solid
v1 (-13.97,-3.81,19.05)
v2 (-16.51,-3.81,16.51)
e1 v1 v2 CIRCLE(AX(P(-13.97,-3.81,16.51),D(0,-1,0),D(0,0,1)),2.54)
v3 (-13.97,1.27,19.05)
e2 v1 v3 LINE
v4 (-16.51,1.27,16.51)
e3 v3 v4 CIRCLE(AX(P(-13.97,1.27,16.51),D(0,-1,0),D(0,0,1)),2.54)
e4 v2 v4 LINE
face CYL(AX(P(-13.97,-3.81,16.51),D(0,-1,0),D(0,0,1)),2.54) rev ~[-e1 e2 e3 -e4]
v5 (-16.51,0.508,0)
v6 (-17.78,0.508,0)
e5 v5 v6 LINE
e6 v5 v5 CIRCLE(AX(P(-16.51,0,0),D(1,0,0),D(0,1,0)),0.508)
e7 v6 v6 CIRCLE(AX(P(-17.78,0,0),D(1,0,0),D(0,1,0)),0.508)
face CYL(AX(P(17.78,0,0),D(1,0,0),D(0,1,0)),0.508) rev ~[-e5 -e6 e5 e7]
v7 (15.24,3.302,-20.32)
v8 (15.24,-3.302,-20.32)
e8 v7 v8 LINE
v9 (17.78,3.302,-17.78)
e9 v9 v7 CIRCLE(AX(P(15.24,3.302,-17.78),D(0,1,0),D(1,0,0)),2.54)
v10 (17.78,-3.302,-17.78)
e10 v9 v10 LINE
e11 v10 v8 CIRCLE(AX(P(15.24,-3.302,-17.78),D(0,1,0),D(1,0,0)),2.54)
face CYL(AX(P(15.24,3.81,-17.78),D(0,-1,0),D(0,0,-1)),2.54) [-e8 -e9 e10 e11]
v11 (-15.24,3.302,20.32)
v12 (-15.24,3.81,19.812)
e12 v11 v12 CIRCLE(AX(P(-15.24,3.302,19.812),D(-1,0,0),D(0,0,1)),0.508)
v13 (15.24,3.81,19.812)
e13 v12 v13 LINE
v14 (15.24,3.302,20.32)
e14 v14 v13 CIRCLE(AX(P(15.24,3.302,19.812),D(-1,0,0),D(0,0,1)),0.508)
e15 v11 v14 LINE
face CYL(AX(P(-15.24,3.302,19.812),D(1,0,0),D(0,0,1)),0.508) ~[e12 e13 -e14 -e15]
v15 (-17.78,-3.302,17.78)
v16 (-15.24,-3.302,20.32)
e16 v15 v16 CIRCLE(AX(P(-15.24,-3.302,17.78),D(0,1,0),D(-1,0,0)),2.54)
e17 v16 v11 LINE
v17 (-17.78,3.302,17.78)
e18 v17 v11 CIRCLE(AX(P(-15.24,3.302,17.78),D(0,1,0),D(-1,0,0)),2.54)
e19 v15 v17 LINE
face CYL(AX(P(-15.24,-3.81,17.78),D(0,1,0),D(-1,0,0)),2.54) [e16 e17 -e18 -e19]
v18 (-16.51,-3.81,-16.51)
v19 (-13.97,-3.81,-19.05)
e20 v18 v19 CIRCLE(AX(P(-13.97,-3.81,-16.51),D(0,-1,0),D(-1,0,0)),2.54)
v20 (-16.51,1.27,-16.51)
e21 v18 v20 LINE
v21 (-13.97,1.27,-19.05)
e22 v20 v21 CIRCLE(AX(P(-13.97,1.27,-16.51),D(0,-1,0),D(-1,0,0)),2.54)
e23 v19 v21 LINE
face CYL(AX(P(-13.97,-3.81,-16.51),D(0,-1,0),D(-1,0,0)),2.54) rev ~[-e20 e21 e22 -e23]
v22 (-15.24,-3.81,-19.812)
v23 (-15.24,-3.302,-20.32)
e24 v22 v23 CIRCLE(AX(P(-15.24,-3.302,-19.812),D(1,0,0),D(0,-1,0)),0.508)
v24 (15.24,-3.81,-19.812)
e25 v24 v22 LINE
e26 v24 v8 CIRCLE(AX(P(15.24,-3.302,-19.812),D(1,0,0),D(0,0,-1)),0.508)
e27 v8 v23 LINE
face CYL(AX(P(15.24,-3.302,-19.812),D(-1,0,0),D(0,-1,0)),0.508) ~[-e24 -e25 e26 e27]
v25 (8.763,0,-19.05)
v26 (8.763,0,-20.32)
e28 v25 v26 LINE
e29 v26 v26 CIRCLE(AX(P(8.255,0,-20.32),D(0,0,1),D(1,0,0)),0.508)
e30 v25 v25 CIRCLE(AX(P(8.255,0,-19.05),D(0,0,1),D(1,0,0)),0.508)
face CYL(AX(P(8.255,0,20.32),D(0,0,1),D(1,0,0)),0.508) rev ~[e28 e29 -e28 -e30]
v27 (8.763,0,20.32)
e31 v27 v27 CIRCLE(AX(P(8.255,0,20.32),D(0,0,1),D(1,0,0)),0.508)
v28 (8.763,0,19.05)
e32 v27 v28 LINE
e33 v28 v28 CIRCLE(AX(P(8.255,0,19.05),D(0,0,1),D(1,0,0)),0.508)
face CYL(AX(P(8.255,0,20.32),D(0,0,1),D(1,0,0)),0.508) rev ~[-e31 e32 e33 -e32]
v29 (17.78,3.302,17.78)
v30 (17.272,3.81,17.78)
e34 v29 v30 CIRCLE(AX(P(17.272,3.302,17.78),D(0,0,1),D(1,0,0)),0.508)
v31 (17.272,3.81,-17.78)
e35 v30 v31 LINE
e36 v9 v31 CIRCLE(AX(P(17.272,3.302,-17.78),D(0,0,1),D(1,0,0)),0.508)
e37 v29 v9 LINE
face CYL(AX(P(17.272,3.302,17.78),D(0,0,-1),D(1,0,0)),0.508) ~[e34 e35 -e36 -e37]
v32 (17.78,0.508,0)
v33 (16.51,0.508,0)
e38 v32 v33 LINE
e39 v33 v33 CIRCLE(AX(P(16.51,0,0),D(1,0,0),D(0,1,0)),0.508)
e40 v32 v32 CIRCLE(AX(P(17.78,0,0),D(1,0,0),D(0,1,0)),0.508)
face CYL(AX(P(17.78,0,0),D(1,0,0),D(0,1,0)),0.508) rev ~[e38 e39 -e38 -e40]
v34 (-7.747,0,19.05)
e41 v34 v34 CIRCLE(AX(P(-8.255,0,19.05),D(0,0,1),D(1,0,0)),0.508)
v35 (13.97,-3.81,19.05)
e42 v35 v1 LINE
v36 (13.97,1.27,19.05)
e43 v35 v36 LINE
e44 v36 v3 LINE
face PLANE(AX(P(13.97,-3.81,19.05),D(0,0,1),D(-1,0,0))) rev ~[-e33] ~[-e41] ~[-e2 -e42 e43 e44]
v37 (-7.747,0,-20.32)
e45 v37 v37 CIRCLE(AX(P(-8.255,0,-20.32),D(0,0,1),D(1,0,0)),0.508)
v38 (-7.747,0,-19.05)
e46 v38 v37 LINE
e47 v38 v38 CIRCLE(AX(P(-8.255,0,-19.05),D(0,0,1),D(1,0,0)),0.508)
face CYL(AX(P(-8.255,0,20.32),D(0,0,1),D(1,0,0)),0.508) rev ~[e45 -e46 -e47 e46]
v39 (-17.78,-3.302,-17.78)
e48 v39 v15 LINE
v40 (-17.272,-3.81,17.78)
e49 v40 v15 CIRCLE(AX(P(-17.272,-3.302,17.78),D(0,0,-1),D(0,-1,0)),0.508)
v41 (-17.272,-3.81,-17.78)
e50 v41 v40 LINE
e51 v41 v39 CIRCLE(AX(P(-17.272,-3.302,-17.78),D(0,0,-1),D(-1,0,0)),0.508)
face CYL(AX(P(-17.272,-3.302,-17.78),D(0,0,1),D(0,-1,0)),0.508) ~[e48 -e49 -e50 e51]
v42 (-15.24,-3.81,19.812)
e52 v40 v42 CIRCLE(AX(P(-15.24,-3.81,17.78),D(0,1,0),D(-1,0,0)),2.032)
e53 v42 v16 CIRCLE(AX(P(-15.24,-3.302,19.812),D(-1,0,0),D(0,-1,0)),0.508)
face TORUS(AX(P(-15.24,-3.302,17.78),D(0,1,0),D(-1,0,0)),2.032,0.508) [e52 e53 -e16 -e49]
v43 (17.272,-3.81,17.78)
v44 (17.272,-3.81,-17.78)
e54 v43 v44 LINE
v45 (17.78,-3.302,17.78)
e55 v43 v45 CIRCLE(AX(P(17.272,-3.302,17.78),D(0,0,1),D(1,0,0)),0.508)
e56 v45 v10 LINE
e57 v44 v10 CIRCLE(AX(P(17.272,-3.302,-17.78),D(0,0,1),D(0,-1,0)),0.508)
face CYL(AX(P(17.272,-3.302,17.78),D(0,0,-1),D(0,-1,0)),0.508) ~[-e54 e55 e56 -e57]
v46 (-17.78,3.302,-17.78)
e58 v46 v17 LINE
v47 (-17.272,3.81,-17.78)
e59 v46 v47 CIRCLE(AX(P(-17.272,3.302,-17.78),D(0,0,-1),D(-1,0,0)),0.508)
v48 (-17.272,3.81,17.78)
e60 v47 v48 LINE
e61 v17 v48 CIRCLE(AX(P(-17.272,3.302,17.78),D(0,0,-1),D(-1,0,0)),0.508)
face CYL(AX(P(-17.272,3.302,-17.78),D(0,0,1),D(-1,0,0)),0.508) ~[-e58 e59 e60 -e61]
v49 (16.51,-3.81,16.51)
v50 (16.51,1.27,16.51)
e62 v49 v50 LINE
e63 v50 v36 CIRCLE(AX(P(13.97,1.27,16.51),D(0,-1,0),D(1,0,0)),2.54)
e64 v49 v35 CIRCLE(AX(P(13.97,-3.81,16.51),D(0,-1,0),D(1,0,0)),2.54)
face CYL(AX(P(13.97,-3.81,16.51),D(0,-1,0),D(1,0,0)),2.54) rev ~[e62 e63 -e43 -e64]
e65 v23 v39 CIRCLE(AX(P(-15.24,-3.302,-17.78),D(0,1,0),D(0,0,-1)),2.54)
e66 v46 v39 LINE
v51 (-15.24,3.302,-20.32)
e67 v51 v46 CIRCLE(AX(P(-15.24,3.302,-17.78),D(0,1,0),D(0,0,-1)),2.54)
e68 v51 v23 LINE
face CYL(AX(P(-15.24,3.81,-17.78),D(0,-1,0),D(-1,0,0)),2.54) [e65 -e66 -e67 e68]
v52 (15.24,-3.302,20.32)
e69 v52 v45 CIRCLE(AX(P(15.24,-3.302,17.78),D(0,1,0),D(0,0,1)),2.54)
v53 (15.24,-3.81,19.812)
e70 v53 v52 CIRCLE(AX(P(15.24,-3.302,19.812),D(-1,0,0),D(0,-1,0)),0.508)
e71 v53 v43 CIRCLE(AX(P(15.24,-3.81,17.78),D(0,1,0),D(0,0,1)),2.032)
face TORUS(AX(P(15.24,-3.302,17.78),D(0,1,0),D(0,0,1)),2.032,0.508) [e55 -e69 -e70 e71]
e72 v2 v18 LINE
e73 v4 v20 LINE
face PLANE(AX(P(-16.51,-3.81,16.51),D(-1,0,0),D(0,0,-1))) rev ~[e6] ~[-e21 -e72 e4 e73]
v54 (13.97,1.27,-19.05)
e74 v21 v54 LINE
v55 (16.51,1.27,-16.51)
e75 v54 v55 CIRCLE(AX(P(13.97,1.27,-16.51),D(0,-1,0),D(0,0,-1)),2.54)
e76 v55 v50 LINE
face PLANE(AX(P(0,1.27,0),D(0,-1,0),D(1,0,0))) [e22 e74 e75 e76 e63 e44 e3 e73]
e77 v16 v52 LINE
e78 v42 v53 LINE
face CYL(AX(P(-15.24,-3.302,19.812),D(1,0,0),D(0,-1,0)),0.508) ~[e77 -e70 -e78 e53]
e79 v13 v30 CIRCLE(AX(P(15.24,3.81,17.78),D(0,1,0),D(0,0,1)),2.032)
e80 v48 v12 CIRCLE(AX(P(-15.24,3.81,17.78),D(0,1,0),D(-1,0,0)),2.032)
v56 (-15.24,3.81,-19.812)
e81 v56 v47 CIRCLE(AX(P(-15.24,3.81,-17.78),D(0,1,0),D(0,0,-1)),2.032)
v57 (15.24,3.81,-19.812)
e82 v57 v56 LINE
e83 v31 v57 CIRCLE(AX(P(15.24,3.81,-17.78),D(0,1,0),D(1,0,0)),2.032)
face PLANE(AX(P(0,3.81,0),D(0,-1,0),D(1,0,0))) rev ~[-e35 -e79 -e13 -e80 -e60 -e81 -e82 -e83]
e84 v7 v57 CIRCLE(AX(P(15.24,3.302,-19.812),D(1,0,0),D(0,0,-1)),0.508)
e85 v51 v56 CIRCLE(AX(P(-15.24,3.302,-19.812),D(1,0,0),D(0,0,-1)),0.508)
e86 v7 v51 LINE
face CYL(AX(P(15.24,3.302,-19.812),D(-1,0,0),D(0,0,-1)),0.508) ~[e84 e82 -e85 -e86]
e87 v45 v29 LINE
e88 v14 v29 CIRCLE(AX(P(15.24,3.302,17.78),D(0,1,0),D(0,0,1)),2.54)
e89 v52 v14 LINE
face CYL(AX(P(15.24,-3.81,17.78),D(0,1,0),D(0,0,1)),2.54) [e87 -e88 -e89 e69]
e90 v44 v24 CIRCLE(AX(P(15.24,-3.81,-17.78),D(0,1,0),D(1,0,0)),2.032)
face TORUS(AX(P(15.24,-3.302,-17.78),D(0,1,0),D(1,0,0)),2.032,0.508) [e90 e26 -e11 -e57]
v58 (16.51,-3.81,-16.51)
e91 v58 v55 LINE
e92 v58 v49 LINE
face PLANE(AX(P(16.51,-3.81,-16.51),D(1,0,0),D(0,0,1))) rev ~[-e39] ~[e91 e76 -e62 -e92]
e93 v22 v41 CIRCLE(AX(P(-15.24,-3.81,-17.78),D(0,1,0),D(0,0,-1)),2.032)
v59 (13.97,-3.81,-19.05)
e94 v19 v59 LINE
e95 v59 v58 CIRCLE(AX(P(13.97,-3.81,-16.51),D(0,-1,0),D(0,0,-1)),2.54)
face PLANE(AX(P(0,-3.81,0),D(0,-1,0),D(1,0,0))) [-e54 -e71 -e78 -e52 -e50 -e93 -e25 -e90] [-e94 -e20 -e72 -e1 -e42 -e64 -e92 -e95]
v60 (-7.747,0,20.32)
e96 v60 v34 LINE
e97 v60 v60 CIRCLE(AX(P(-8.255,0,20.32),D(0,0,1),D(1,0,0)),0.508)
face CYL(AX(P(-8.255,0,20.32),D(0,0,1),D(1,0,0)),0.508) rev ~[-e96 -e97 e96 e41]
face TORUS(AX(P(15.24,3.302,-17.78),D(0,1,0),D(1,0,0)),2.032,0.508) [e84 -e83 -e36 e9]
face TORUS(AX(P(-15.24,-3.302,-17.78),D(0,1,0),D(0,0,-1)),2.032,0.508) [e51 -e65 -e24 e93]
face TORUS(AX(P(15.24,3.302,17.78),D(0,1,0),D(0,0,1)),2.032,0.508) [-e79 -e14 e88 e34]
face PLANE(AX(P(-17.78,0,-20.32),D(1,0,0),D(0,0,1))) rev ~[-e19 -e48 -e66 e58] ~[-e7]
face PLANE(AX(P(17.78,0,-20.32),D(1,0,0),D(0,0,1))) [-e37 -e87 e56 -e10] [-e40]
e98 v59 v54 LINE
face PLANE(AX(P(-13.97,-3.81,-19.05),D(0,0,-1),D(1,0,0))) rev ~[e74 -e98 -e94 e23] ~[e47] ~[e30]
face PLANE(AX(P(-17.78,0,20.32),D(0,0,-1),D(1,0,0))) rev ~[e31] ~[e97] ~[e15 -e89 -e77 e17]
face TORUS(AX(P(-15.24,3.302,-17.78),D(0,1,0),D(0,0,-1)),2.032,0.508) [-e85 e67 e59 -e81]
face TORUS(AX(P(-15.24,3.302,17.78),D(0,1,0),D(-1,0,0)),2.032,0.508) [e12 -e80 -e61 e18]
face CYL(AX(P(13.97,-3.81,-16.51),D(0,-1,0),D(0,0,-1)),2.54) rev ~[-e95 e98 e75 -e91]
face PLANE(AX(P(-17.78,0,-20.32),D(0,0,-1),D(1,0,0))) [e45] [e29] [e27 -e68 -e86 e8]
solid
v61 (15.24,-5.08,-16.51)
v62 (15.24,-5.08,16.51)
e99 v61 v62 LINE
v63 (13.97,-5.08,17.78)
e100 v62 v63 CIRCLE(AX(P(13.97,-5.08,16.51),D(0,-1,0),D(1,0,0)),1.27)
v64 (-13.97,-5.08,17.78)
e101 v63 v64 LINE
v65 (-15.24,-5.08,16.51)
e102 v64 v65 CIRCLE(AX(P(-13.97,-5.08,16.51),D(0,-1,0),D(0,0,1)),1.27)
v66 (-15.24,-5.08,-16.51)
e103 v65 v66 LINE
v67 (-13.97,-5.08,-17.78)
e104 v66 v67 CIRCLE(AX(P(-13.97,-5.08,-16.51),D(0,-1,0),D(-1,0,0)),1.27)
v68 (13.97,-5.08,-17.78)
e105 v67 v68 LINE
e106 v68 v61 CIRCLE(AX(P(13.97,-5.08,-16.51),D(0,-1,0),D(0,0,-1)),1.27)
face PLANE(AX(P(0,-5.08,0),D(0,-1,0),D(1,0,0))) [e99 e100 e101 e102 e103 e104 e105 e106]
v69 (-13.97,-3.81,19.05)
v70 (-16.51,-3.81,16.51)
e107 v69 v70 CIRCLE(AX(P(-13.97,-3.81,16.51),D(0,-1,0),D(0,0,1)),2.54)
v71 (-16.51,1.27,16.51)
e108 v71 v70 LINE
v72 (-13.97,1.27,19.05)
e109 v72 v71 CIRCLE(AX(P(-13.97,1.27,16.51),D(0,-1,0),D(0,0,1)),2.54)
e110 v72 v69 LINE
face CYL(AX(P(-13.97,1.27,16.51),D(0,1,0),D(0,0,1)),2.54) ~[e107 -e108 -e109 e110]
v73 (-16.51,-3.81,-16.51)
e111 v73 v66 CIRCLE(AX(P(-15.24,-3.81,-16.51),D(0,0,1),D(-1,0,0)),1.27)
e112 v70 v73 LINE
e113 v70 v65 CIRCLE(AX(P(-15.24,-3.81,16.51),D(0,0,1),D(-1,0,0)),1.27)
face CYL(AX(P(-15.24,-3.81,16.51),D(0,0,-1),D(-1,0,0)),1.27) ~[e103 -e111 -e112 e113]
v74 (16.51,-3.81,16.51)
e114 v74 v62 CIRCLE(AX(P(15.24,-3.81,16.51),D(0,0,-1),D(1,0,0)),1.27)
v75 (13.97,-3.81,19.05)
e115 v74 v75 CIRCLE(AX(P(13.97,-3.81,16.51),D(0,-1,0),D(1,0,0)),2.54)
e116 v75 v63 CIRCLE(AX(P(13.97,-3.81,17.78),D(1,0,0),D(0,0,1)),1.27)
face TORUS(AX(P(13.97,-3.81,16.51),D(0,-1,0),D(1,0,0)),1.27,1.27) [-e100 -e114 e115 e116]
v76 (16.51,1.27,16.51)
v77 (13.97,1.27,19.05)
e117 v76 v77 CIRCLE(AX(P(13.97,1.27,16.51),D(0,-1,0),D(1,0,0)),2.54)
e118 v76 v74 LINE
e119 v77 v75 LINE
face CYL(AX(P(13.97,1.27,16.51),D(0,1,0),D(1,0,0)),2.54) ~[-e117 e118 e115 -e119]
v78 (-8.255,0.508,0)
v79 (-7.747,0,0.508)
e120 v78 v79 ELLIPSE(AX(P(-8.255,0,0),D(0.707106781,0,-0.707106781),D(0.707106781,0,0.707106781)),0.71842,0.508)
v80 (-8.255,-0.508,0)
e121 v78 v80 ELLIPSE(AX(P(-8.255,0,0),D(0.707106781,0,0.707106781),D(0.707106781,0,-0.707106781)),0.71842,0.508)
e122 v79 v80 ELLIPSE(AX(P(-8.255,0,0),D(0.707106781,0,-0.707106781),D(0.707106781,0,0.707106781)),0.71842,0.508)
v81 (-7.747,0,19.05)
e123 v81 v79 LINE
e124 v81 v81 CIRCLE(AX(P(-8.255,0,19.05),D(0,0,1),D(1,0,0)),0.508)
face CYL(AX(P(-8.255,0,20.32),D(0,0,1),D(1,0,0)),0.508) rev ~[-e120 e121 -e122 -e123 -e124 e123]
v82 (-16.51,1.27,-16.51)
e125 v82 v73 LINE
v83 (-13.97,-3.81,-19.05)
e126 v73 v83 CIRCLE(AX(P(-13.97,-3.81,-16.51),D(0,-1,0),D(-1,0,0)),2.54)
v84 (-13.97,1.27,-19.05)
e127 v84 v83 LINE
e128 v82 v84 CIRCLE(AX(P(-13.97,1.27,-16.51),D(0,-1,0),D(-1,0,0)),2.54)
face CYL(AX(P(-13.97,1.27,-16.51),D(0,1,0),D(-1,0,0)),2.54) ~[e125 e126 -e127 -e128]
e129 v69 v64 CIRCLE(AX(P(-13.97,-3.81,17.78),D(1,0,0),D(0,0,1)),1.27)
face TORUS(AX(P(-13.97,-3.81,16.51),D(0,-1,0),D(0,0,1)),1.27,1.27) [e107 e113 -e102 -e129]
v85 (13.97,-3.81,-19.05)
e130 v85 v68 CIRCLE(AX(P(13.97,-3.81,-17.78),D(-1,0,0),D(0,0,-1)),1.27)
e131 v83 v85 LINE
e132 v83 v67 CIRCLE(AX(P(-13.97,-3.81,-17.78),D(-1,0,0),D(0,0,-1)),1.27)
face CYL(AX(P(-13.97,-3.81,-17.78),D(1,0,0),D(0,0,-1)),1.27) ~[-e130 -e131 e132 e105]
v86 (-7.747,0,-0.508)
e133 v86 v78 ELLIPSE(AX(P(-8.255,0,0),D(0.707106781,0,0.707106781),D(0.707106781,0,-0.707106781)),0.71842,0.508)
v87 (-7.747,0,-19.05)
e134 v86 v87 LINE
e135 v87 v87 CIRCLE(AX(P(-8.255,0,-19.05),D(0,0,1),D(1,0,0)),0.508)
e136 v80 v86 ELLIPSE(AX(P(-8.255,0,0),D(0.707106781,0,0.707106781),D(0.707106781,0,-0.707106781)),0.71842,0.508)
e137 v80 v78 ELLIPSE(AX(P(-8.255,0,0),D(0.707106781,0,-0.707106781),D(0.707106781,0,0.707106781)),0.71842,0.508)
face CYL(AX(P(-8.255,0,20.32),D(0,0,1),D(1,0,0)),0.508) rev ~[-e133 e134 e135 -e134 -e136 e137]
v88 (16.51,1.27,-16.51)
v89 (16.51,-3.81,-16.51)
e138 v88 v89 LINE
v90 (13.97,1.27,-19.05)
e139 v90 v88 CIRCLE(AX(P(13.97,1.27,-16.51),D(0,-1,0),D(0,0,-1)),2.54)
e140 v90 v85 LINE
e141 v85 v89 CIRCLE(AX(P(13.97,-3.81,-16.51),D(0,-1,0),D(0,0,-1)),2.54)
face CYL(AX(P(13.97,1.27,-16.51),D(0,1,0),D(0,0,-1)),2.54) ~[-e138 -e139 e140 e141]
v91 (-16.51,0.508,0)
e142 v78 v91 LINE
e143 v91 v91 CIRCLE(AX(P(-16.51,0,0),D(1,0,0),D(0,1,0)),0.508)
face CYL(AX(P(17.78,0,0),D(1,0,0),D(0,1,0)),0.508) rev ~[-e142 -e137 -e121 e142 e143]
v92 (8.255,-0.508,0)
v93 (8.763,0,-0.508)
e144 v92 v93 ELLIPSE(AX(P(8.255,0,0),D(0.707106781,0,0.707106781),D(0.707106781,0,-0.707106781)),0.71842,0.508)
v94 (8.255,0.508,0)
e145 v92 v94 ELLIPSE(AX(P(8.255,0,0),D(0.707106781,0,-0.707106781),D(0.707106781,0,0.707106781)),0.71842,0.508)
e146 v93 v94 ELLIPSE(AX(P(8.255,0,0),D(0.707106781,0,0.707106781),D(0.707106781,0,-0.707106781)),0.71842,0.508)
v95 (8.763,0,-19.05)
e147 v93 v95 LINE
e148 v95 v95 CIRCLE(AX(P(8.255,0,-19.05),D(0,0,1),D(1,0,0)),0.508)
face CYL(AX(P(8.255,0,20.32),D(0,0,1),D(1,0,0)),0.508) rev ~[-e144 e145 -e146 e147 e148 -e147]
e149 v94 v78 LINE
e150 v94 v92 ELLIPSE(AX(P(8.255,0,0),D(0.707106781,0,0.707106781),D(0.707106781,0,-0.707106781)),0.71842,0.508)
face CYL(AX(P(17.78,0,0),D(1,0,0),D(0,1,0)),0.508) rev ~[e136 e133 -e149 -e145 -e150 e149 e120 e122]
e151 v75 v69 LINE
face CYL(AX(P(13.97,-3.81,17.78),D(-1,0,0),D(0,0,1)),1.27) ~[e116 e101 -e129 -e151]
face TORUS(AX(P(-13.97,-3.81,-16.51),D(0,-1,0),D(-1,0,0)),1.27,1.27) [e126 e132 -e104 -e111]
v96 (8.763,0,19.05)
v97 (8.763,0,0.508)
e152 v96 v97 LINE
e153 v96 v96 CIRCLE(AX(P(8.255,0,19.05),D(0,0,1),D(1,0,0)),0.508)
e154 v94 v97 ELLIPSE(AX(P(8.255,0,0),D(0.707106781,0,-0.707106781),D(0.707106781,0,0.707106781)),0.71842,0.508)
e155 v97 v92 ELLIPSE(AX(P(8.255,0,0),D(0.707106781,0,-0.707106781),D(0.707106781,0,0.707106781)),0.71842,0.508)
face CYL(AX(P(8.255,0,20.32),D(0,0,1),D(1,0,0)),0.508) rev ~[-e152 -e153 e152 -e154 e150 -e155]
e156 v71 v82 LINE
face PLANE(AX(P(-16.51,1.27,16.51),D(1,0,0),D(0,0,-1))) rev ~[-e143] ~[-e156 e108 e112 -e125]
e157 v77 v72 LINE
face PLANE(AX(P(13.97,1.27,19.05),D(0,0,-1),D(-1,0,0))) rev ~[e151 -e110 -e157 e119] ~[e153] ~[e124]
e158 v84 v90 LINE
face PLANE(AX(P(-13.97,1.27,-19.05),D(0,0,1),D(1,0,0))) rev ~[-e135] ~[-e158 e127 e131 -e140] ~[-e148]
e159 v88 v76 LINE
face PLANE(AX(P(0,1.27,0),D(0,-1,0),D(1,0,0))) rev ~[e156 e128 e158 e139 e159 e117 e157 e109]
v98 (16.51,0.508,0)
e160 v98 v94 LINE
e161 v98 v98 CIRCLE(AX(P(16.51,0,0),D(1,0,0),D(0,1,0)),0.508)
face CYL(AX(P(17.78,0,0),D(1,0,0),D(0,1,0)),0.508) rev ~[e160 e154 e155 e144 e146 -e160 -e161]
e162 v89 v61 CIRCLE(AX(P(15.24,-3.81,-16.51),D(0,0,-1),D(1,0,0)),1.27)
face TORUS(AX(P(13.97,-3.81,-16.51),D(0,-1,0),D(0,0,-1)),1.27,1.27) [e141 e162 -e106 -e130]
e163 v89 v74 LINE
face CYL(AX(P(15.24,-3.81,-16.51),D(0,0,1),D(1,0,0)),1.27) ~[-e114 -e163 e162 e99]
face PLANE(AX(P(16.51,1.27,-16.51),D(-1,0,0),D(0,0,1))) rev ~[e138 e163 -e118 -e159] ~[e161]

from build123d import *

# Parameters (mm, degrees)
F0_W          = 35.56
F0_H          = 40.64
F1_DEPTH      = 3.81
F1_DEPTH_BACK = 3.81
F3_DEPTH      = 5.08
F4_DEPTH      = 6.35
F5_R          = 2.54
F6_R          = 0.508
F7_R          = 1.27
F8_R          = 0.508
F9_DEPTH      = 35.561
F10_R         = 0.508
F11_DEPTH     = 40.641


with BuildPart() as f1:
    # F0 (on Front) → F1 (new body, two sides)
    with BuildSketch(Plane.XZ) as f1_sk:
        Rectangle(F0_W, F0_H)
    extrude(amount=F1_DEPTH)
    extrude(f1_sk.sketch, amount=-F1_DEPTH_BACK)

    # F2 (on face) → F3 (cut)
    with BuildSketch(Plane.XZ.offset(3.81)):
        with BuildLine():
            Line((13.97, 19.05), (-13.97, 19.05))
            ThreePointArc((-13.97, 19.05), (-15.7660512242, 18.3060512242), (-16.51, 16.51))
            Line((-16.51, 16.51), (-16.51, -16.51))
            ThreePointArc((-16.51, -16.51), (-15.7660512242, -18.3060512242), (-13.97, -19.05))
            Line((-13.97, -19.05), (13.97, -19.05))
            ThreePointArc((13.97, -19.05), (15.7660512242, -18.3060512242), (16.51, -16.51))
            Line((16.51, -16.51), (16.51, 16.51))
            ThreePointArc((16.51, 16.51), (15.7660512242, 18.3060512242), (13.97, 19.05))
        make_face()
    extrude(amount=-F3_DEPTH, mode=Mode.SUBTRACT)


with BuildPart() as f4:
    # F4 (new): a face of the model
    f4_faces = [f1.part.faces().sort_by_distance(p)[0] for p in [
        (0, 1.27, 0),
    ]]
    extrude(f4_faces, amount=F4_DEPTH)

    # F7
    f7_edges = [f4.edges().sort_by_distance(p)[0] for p in [
        (0, -5.08, 19.05),
        (-15.766051, -5.08, 18.306051),
        (-16.51, -5.08, 0),
        (-15.766051, -5.08, -18.306051),
        (0, -5.08, -19.05),
        (15.766051, -5.08, -18.306051),
        (16.51, -5.08, 0),
        (15.766051, -5.08, 18.306051),
    ]]
    fillet(f7_edges, radius=F7_R)


with BuildPart() as f1_1:
    add(f1.part)

    # F5
    f5_edges = [f1_1.edges().sort_by_distance(p)[0] for p in [
        (-17.78, 0, 20.32),
        (17.78, 0, 20.32),
        (17.78, 0, -20.32),
        (-17.78, 0, -20.32),
    ]]
    fillet(f5_edges, radius=F5_R)

    # F6
    f6_edges = [f1_1.edges().sort_by_distance(p)[0] for p in [
        (0, -3.81, 20.32),
        (-17.036051, -3.81, 19.576051),
        (-17.78, 3.81, 0),
        (-17.036051, 3.81, 19.576051),
        (-17.036051, 3.81, -19.576051),
        (0, 3.81, 20.32),
        (0, 3.81, -20.32),
        (17.036051, 3.81, 19.576051),
        (17.036051, 3.81, -19.576051),
        (17.78, 3.81, 0),
    ]]
    fillet(f6_edges, radius=F6_R)


with BuildPart() as f9_tool:
    # F8 (on face) → F9 (new body, through all)
    with BuildSketch(Plane.YZ.offset(17.78)):
        Circle(F8_R)
    extrude(amount=-F9_DEPTH)


with BuildPart() as f1_2:
    add(f1_1.part)

    # F9: cut by f9_tool
    add(f9_tool.part, mode=Mode.SUBTRACT)


with BuildPart() as f4_1:
    add(f4.part)

    # F9: cut by f9_tool
    add(f9_tool.part, mode=Mode.SUBTRACT)


with BuildPart() as f11_tool:
    # F10 (on face) → F11 (new body, through all)
    with BuildSketch(Plane.XY.offset(20.32)):
        with Locations((-8.255, 0)):
            Circle(F10_R)
        with Locations((8.255, 0)):
            Circle(F10_R)
    extrude(amount=-F11_DEPTH)


with BuildPart() as f1_3:
    add(f1_2.part)

    # F11: cut by f11_tool
    add(f11_tool.part, mode=Mode.SUBTRACT)


with BuildPart() as f4_2:
    add(f4_1.part)

    # F11: cut by f11_tool
    add(f11_tool.part, mode=Mode.SUBTRACT)


solid = Compound([f1_3.part, f4_2.part])
